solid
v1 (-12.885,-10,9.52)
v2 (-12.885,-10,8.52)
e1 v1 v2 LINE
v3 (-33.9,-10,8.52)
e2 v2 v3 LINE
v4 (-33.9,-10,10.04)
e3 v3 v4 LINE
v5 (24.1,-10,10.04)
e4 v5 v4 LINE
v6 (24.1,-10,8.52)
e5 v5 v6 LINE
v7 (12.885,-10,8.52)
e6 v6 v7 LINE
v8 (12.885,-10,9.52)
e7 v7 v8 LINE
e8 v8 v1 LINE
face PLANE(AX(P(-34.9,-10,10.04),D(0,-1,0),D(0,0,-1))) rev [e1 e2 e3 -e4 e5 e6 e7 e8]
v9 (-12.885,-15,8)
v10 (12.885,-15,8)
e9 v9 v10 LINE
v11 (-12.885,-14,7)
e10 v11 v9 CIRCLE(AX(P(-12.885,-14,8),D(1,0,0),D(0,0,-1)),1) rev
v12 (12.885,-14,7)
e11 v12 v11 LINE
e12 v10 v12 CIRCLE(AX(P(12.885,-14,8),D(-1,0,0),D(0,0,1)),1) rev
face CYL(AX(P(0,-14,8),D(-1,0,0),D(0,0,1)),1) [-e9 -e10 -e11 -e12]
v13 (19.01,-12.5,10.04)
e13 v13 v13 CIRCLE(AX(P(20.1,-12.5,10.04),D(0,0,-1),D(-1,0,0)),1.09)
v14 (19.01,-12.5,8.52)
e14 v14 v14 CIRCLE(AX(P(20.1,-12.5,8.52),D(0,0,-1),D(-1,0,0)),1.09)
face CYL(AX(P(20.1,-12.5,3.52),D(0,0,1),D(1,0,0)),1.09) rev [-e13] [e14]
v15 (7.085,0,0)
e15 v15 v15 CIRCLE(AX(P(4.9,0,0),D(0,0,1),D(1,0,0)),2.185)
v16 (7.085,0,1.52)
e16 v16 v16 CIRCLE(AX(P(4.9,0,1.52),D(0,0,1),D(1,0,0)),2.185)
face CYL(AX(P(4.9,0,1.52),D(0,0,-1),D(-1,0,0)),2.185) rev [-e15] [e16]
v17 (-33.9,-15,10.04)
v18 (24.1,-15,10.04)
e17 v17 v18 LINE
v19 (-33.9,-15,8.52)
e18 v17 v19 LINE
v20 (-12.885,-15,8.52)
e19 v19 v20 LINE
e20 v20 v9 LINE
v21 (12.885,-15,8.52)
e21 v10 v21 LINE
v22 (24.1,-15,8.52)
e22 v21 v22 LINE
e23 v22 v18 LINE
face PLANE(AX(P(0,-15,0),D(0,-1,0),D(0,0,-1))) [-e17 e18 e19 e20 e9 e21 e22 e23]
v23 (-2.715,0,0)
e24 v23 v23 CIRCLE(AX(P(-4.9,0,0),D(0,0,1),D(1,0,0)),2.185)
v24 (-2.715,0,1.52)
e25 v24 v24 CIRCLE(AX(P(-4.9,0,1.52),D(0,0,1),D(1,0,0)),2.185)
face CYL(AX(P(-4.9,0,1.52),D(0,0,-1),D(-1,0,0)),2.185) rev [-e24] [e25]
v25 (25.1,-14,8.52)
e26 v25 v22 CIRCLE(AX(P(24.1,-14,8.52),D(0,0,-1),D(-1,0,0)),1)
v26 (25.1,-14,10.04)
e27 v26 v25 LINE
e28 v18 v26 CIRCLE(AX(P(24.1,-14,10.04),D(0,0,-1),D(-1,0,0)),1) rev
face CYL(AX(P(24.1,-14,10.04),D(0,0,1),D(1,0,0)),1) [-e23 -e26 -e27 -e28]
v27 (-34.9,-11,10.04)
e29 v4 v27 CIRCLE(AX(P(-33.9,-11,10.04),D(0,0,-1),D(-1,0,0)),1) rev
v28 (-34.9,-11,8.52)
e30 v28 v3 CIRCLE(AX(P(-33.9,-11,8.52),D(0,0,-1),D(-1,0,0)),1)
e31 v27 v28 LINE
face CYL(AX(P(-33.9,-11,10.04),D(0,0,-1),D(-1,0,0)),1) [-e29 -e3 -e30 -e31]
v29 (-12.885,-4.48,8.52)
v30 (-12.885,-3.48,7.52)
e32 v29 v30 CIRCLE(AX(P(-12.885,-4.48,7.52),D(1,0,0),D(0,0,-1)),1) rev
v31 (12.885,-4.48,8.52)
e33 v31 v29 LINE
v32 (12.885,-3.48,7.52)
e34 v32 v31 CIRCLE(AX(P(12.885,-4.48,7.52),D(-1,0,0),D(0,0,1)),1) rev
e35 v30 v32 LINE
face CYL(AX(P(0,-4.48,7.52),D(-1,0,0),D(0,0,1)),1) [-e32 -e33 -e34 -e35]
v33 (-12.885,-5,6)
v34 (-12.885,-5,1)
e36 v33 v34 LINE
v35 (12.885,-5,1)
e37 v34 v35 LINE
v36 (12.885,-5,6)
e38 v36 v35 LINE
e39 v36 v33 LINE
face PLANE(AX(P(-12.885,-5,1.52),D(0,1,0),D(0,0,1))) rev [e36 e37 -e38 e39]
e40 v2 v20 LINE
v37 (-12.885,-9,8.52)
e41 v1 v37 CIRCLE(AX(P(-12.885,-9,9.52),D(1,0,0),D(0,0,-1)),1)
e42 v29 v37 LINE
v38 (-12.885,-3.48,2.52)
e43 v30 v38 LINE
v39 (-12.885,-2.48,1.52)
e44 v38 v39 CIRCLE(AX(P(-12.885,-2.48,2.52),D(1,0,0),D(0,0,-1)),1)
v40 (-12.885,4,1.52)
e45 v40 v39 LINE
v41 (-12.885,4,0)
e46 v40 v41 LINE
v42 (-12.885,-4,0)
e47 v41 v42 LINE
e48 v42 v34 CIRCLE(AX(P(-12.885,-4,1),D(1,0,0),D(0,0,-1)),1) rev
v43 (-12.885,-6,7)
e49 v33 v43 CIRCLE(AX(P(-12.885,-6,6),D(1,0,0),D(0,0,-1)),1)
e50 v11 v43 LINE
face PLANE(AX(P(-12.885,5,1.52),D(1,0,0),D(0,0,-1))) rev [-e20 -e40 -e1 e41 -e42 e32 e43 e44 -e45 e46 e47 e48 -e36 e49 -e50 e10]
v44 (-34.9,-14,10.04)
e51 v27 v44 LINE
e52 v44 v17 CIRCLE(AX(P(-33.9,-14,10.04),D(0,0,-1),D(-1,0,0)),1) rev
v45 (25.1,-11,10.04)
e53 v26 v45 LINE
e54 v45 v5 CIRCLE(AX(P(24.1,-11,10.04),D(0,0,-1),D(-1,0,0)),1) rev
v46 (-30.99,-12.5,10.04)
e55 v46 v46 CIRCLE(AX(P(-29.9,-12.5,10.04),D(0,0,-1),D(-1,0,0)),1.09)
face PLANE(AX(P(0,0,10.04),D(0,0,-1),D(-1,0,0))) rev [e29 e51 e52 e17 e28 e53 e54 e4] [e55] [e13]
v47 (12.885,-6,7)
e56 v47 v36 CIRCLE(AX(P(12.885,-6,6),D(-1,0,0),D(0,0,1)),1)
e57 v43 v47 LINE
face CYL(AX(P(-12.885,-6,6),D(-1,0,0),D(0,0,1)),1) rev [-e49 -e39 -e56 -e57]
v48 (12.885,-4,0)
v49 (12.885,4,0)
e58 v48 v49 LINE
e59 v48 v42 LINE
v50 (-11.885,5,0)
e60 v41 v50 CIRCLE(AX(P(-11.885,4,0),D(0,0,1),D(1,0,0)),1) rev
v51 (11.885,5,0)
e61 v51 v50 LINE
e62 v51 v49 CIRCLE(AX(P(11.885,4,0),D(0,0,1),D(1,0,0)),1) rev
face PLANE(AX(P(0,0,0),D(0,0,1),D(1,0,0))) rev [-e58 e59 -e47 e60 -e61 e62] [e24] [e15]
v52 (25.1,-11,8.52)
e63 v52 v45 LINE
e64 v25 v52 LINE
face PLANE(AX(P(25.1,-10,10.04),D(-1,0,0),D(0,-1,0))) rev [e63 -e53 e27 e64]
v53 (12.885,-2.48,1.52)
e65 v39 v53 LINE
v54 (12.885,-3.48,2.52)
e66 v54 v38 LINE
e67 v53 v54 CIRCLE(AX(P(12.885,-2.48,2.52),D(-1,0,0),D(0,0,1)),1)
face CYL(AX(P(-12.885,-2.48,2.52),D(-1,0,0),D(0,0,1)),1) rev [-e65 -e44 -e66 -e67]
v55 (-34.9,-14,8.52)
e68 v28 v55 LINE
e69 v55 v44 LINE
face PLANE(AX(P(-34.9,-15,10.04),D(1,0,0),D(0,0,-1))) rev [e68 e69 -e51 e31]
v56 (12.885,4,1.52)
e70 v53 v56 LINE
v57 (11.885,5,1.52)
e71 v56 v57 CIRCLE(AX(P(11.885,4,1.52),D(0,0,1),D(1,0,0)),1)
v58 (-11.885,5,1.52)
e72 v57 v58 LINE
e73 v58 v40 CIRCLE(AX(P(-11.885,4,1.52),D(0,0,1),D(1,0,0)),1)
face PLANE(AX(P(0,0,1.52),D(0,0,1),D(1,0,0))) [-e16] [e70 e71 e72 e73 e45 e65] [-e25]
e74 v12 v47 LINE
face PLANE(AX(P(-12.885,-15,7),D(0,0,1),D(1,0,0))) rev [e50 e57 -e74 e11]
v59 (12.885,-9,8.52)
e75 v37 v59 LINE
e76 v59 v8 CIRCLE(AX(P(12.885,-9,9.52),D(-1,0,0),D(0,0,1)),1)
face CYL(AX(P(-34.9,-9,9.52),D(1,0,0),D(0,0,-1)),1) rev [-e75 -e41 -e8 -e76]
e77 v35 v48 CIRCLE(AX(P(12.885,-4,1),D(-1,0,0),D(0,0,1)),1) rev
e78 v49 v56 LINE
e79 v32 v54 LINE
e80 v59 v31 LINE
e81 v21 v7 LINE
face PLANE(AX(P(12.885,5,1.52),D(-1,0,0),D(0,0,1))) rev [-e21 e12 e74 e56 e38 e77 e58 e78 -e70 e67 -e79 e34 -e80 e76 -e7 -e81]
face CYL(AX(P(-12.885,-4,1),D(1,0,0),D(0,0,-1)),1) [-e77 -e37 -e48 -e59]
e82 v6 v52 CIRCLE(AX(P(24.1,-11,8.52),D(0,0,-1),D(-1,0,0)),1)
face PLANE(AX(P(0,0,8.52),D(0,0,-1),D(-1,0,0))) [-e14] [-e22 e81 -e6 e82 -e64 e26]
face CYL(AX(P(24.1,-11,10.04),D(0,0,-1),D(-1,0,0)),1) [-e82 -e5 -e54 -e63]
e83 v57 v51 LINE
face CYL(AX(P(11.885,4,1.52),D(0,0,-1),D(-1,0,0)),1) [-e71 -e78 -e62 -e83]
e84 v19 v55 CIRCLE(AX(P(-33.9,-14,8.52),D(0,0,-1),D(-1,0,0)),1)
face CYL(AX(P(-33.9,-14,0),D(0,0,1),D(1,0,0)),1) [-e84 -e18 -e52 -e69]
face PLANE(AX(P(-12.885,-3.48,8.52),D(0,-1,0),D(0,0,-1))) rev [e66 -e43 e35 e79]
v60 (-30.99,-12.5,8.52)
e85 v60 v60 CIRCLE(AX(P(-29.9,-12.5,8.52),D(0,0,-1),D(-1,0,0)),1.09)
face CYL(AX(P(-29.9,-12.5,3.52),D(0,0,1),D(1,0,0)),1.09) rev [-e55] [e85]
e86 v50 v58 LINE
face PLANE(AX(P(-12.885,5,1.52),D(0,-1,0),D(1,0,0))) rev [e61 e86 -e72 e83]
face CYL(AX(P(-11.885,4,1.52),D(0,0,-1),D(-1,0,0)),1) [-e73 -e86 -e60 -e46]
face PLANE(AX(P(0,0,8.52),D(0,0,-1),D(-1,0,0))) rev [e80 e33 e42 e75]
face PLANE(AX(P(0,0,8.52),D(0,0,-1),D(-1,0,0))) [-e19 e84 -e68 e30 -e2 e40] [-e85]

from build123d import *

# Parameters (mm, degrees)
SKETCH1_W           = 25.77
SKETCH1_H           = 10
SKETCH1_R           = 2.185
BOSS_EXTRUDE1_DEPTH = 1.52
SKETCH2_W           = 25.77
SKETCH2_H           = 1.52
BOSS_EXTRUDE2_DEPTH = 7
SKETCH3_W           = 25.77
SKETCH3_H           = 1.52
BOSS_EXTRUDE3_DEPTH = 10
BOSS_EXTRUDE4_DEPTH = 1.52
SKETCH5_R           = 1.09
CUT_EXTRUDE1_DEPTH  = 5
FILLET1_R           = 1


with BuildPart() as part:
    # Sketch1 → Boss-Extrude1 (new body)
    with BuildSketch(Plane.XY):
        Rectangle(SKETCH1_W, SKETCH1_H)
        with Locations((-4.9, 0)):
            Circle(SKETCH1_R, mode=Mode.SUBTRACT)
        with Locations((4.9, 0)):
            Circle(SKETCH1_R, mode=Mode.SUBTRACT)
    extrude(amount=BOSS_EXTRUDE1_DEPTH)

    # Sketch2 → Boss-Extrude2 (add)
    with BuildSketch(Plane.XY.offset(1.52)):
        with Locations((0, -4.24)):
            Rectangle(SKETCH2_W, SKETCH2_H)
    extrude(amount=BOSS_EXTRUDE2_DEPTH)

    # Sketch3 → Boss-Extrude3 (add)
    with BuildSketch(Plane(origin=(0, -5, 0), x_dir=(-1, 0, 0), z_dir=(0, -1, 0))):
        with Locations((0, -7.76)):
            Rectangle(SKETCH3_W, SKETCH3_H)
    extrude(amount=BOSS_EXTRUDE3_DEPTH)

    # Sketch4 → Boss-Extrude4 (add)
    with BuildSketch(Plane.XY.offset(8.52)):
        Polygon((-12.885, -15), (-34.9, -15), (-34.9, -10), (25.1, -10), (25.1, -15), align=None)
    extrude(amount=BOSS_EXTRUDE4_DEPTH)

    # Sketch5 → Cut-Extrude1 (cut, symmetric)
    with BuildSketch(Plane.XY.offset(8.52)):
        with Locations(Location((-29.9, -12.5, 0), (0, 0, 180))):
            Circle(SKETCH5_R)
        with Locations(Location((20.1, -12.5, 0), (0, 0, 180))):
            Circle(SKETCH5_R)
    extrude(amount=CUT_EXTRUDE1_DEPTH, both=True, mode=Mode.SUBTRACT)

    # Fillet1
    fillet1_edges = [part.edges().sort_by_distance(p)[0] for p in [
        (0, -3.48, 8.52),
        (0, -10, 8.52),
        (25.1, -15, 9.28),
        (25.1, -10, 9.28),
        (-34.9, -15, 9.28),
        (-34.9, -10, 9.28),
        (0, -5, 7),
        (0, -5, 0),
        (0, -3.48, 1.52),
        (-12.885, 5, 0.76),
        (12.885, 5, 0.76),
        (0, -15, 7),
    ]]
    fillet(fillet1_edges, radius=FILLET1_R)


solid = part.part
